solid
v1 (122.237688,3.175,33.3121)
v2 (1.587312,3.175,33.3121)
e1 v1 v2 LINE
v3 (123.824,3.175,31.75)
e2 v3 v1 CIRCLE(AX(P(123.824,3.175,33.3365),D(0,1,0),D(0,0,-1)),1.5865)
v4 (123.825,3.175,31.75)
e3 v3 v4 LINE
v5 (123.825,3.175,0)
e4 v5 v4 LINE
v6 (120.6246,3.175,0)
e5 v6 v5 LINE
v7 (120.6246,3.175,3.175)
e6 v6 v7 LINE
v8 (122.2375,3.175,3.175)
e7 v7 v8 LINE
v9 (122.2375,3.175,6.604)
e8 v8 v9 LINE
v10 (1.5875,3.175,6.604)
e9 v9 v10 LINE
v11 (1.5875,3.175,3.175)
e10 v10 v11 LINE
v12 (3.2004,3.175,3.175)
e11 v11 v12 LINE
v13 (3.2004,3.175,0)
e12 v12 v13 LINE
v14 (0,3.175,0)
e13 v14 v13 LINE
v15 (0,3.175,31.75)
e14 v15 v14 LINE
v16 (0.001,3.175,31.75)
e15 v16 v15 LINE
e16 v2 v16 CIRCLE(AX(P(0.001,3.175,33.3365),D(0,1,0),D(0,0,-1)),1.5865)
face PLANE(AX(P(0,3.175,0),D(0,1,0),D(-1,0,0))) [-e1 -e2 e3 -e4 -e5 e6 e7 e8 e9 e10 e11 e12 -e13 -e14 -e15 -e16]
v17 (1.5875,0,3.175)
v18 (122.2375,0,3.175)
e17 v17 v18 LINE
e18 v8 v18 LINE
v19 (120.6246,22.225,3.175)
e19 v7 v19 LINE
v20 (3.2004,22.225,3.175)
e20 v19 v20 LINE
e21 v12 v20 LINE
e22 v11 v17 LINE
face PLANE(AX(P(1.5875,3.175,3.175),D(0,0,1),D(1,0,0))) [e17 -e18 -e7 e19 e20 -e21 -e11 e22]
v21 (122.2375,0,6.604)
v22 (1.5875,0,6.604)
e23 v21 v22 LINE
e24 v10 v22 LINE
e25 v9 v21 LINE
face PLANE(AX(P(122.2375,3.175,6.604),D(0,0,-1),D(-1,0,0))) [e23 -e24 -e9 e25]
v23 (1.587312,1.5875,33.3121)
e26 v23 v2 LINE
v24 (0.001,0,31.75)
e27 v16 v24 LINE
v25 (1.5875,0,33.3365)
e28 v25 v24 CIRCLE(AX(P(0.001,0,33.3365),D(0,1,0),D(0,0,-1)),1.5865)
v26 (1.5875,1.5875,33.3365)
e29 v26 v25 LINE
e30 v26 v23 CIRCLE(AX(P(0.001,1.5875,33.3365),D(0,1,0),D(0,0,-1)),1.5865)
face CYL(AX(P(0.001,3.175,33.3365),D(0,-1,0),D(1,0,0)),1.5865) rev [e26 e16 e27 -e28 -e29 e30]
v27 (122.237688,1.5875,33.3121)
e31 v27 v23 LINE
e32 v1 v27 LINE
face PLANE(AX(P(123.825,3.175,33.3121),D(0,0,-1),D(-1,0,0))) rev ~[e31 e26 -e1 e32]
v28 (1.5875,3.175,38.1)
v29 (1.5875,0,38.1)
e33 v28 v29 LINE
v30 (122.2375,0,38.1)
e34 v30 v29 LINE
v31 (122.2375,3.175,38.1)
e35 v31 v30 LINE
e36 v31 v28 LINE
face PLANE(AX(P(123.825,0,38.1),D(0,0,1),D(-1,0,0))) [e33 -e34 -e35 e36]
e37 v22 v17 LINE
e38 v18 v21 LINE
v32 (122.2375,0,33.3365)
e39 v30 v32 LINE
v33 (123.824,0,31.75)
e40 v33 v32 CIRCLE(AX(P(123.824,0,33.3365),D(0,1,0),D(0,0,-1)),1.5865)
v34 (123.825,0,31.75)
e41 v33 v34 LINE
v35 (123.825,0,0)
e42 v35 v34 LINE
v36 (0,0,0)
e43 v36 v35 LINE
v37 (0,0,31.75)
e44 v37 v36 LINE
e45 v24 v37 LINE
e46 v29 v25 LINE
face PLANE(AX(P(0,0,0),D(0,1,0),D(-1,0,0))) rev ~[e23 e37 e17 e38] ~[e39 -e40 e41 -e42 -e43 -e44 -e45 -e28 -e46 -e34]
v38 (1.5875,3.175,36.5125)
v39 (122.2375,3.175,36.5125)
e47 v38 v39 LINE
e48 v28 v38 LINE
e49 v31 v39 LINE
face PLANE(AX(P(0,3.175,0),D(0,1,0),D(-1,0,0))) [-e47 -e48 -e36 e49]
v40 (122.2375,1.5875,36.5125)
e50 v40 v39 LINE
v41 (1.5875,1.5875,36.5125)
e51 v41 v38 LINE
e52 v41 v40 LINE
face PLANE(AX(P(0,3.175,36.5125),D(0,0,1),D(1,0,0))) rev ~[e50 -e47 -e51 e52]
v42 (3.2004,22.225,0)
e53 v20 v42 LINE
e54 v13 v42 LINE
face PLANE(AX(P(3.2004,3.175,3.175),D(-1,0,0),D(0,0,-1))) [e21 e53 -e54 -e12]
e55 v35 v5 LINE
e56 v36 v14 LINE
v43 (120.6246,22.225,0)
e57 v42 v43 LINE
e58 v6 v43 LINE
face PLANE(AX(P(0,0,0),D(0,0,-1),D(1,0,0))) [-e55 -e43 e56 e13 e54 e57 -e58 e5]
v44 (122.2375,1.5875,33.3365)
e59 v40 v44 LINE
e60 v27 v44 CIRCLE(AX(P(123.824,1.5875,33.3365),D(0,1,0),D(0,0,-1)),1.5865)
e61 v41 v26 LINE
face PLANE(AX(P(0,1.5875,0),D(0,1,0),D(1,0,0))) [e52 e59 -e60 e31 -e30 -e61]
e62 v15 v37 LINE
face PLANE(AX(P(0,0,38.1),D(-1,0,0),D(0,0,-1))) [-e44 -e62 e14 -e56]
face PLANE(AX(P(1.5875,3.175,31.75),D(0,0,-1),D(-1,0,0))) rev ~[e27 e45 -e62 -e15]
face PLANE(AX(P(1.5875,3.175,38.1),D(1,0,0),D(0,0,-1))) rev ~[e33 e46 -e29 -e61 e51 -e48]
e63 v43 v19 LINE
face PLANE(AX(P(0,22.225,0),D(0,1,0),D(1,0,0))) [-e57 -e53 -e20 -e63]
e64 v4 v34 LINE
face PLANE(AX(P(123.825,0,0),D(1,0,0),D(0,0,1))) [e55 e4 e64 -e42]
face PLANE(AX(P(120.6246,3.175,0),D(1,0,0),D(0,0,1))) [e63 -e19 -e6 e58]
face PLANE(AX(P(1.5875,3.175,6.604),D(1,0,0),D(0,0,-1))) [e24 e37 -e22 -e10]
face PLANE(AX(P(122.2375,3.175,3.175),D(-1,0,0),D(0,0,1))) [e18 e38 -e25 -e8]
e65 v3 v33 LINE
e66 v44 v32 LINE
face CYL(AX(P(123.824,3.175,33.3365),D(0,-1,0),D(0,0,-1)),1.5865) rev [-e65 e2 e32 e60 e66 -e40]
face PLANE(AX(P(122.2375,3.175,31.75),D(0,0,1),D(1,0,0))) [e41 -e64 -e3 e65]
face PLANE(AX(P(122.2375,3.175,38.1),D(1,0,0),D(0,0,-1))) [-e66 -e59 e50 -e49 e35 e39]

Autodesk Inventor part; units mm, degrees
ref_plane "YZ Plane" through (0, 0, 0) normal (1, 0, 0) x (0, 1, 0)
ref_plane "XZ Plane" through (0, 0, 0) normal (0, 1, 0) x (-1, 0, 0)
ref_plane "XY Plane" through (0, 0, 0) normal (0, 0, 1) x (1, 0, 0)
sketch "Sketch1" plane through (0, 0, 0) normal (0, 1, 0) x (-1, 0, 0)
  line L0 (0, 0) -> (-123.825, 0)
  line L1 (-123.825, 0) -> (-123.825, 38.1)
  line L2 (-123.825, 38.1) -> (0, 38.1)
  line L3 (0, 38.1) -> (0, 0)
  dimension "d0" = 123.825
  dimension "d1" = 38.1
extrude "Extrusion1" add sketch "Sketch1" along normal blind 3.175
sketch "Sketch2" plane through (0, 3.175, 0) normal (0, 1, 0) x (1, 0, 0)
  line L0 (123.825, 0) -> (0, 0) projected
  line L1 (0, 0) -> (0, -38.1) projected
  line L2 (0, -38.1) -> (123.825, -38.1) projected
  line L3 (123.825, -38.1) -> (123.825, 0) projected
  line L4 (0, -36.5125) -> (123.825, -36.5125)
  line L5 (123.825, -36.5125) -> (123.825, -33.3121)
  line L6 (123.825, -33.3121) -> (0, -33.3121)
  line L7 (0, -33.3121) -> (0, -36.5125)
  line L8 (1.5875, -3.175) -> (87.3125, -3.175)
  line L9 (87.3125, -3.175) -> (87.3125, -6.604)
  line L10 (87.3125, -6.604) -> (1.5875, -6.604)
  line L11 (1.5875, -6.604) -> (1.5875, -3.175)
  dimension "d4" = 3.2004
  dimension "d5" = 1.5875
  dimension "d8" = 85.725
  dimension "d9" = 1.5875
  dimension "d10" = 3.429
  dimension "d11" = 3.175
extrude "Extrusion2" cut sketch "Sketch2" against normal blind 1.5875 contours L3 L4 L1 L6
sketch "Sketch3" plane through (0, 3.175, 0) normal (0, 1, 0) x (1, 0, 0)
  line L0 (123.825, 0) -> (0, 0) projected
  line L1 (0, 0) -> (0, -33.3121) projected
  line L2 (1.5875, -3.175) -> (122.2375, -3.175)
  line L3 (122.2375, -3.175) -> (122.2375, -6.604)
  line L4 (122.2375, -6.604) -> (1.5875, -6.604)
  line L5 (1.5875, -6.604) -> (1.5875, -3.175)
  line L6 (123.825, -33.3121) -> (123.825, 0) projected
  dimension "d15" = 3.429
  dimension "d16" = 3.175
  dimension "d17" = 1.5875
  dimension "d20" = 1.5875
extrude "Extrusion3" cut sketch "Sketch3" against normal blind 12.7
sketch "Sketch4" plane through (0, 3.175, 0) normal (0, 1, 0) x (1, 0, 0)
  line L0 (0, -38.1) -> (1.5875, -38.1)
  line L1 (1.5875, -38.1) -> (1.5875, -31.75)
  line L2 (1.5875, -31.75) -> (0, -31.75)
  line L3 (0, -31.75) -> (0, -38.1)
  line L4 (123.825, -38.1) -> (122.2375, -38.1)
  line L5 (122.2375, -38.1) -> (122.2375, -31.75)
  line L6 (122.2375, -31.75) -> (123.825, -31.75)
  line L7 (123.825, -31.75) -> (123.825, -38.1)
  point P0 (0, 0)
  dimension "d21" = 1.5875
  dimension "d22" = 6.35
  dimension "d23" = 6.35
  dimension "d24" = 1.5875
extrude "Extrusion4" cut sketch "Sketch4" against normal blind 12.7
fillet "Fillet1" radius 1.5875 2 edges at (122.2375, 1.5875, 31.75) (1.5875, 1.5875, 31.75)
sketch "Sketch5" plane through (0, 3.175, 0) normal (0, 1, 0) x (1, 0, 0)
  line L0 (123.825, -31.75) -> (123.825, 0) projected
  line L1 (3.2004, 0) -> (120.6246, 0)
  line L2 (120.6246, 0) -> (120.6246, -3.175)
  line L3 (120.6246, -3.175) -> (3.2004, -3.175)
  line L4 (3.2004, -3.175) -> (3.2004, 0)
  line L5 (0, 0) -> (0, -31.75) projected
  dimension "d31" = 3.175
  dimension "d32" = 3.2004
  dimension "d33" = 3.2004
extrude "Extrusion5" add sketch "Sketch5" along normal blind 19.05
properties part number "Electronics Container Part 5"
